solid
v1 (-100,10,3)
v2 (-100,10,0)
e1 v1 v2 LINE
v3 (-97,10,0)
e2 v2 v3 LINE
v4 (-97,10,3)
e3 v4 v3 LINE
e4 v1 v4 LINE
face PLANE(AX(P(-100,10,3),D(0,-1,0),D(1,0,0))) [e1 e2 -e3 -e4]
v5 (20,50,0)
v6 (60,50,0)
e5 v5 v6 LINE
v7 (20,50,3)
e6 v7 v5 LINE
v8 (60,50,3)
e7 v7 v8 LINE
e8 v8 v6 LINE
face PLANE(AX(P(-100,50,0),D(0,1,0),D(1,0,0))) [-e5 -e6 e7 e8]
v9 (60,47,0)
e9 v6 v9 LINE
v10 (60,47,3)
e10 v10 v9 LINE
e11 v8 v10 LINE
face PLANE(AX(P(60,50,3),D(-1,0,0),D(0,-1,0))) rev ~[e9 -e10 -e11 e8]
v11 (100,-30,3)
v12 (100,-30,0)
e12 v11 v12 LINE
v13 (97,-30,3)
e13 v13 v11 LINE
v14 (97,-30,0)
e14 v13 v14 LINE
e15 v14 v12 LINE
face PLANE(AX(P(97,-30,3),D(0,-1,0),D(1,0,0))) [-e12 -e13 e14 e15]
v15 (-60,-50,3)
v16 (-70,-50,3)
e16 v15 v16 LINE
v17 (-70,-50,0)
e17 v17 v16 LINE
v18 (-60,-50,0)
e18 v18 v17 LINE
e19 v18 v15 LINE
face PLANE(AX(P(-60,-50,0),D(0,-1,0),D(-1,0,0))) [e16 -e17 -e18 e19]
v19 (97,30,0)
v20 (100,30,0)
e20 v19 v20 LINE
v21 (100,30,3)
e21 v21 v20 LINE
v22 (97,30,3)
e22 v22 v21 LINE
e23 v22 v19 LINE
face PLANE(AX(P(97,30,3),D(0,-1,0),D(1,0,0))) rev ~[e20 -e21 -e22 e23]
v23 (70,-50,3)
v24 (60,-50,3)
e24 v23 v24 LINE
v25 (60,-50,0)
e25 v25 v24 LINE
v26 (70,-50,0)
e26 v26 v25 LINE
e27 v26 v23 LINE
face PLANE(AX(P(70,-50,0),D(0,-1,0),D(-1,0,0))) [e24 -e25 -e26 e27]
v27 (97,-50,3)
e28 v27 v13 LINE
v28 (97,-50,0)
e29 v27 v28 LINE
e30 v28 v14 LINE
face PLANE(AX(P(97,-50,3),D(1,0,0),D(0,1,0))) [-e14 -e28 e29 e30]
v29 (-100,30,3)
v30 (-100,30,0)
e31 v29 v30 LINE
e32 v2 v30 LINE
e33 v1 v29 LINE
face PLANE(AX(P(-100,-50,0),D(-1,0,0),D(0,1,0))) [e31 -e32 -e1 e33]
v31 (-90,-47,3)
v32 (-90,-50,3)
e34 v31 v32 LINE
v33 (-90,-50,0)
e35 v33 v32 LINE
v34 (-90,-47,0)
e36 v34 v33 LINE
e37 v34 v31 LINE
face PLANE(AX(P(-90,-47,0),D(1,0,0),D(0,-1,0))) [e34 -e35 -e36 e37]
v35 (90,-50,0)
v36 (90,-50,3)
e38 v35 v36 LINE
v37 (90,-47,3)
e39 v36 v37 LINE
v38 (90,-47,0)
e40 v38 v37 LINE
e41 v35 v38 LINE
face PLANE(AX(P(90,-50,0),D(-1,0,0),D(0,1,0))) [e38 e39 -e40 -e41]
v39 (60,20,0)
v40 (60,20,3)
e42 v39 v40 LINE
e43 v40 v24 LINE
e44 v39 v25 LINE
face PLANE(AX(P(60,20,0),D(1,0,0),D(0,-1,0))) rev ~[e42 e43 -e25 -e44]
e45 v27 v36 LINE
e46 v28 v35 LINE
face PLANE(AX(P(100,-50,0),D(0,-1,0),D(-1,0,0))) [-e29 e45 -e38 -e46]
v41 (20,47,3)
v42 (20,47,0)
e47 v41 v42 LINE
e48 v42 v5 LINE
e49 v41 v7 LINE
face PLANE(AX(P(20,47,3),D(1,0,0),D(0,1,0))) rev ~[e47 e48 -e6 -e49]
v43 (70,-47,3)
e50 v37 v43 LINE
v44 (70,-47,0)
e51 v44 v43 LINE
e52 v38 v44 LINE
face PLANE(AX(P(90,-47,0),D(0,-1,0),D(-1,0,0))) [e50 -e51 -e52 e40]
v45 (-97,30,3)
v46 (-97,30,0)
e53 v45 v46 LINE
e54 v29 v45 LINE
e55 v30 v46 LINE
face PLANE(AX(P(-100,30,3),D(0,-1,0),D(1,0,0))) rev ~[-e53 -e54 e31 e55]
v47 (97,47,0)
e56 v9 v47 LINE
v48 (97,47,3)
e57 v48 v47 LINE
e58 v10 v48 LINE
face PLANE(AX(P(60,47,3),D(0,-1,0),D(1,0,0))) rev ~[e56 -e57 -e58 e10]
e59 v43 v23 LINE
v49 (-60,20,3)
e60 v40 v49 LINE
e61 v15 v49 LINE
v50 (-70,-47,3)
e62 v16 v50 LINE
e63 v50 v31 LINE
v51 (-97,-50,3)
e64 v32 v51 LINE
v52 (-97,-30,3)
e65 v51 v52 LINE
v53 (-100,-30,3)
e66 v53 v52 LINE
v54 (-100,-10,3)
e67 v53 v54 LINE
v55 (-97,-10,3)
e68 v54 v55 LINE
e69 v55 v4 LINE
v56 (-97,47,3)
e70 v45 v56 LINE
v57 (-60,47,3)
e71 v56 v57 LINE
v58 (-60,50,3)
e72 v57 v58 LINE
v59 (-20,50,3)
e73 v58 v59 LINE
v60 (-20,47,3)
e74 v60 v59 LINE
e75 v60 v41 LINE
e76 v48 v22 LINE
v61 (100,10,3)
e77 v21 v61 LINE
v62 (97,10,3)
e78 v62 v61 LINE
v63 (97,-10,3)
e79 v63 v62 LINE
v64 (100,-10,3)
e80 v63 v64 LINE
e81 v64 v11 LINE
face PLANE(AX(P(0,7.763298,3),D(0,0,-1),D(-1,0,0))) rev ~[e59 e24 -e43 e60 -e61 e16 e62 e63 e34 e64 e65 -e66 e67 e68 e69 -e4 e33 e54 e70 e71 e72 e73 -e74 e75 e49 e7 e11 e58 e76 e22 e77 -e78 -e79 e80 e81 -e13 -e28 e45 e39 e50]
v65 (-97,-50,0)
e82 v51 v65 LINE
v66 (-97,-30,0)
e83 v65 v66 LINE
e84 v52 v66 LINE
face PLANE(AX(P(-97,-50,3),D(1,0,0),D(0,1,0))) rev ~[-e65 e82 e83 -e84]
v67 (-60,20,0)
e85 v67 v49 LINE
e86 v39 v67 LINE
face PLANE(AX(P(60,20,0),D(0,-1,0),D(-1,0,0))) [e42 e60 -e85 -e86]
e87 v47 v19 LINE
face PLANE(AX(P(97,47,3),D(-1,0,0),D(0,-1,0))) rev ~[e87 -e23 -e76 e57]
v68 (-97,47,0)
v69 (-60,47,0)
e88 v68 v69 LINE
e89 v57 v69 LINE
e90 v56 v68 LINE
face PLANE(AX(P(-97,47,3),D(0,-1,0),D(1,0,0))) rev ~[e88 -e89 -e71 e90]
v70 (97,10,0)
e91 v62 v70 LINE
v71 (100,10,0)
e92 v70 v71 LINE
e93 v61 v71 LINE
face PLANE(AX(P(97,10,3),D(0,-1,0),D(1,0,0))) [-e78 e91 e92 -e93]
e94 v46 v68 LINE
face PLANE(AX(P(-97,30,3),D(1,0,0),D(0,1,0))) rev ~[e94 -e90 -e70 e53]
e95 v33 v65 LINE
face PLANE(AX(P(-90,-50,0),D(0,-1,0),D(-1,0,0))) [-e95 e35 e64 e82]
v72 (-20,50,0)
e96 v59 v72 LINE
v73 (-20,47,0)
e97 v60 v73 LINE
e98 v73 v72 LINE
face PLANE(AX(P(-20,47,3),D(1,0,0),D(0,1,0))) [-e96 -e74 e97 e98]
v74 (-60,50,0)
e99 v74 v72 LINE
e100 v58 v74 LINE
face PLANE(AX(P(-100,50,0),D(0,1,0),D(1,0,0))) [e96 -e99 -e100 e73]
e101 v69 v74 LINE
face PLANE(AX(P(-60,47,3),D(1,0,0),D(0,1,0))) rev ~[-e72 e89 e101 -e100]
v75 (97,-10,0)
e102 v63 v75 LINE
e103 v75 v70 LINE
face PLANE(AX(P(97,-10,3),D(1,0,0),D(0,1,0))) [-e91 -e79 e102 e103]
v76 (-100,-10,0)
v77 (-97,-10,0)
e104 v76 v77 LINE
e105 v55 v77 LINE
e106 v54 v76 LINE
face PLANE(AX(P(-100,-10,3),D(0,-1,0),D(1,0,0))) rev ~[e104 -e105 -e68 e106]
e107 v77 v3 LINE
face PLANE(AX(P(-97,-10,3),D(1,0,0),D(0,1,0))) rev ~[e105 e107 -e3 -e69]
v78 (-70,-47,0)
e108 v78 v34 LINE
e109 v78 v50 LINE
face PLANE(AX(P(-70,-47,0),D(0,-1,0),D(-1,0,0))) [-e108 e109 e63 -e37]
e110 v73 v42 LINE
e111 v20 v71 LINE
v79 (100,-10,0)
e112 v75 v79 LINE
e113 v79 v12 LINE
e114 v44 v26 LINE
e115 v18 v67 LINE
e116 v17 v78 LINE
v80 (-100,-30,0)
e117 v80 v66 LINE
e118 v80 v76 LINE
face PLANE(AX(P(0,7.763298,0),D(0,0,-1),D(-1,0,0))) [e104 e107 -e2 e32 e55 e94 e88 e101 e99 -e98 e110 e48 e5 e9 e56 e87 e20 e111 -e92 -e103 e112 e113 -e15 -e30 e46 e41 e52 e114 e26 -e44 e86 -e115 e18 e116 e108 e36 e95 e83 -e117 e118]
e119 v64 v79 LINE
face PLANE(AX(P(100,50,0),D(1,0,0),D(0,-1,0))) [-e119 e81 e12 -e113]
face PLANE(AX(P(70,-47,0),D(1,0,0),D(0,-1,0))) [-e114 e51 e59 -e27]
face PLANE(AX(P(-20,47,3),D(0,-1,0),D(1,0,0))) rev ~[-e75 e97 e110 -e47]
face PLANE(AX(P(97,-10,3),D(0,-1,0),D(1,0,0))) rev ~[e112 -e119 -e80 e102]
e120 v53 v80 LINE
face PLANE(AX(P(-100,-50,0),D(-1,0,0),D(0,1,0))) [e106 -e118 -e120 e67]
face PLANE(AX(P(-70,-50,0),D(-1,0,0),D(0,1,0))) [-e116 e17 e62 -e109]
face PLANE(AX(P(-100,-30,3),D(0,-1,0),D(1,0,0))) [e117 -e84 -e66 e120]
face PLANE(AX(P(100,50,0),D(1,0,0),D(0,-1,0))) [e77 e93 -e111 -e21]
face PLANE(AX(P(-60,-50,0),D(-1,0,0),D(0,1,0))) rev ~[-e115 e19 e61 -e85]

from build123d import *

# Parameters (mm, degrees)
BOSS_EXTRUDE1_DEPTH = 3
SKETCH2_W           = 3
SKETCH2_H           = 20
SKETCH2_W_2         = 40
SKETCH2_H_2         = 3
CUT_EXTRUDE2_DEPTH  = 3


with BuildPart() as part:
    # Sketch1 → Boss-Extrude1 (new body)
    with BuildSketch(Plane.XY):
        Polygon((-60, 5.09773753), (-60, -50), (-70, -50), (-70, -47), (-90, -47), (-90, -50), (-100, -50), (-100, 50), (100, 50), (100, -50), (90, -50), (90, -47), (70, -47), (70, -50), (60, -50), (60, -40.178411678), (60, 20), (-60, 20), align=None)
    extrude(amount=BOSS_EXTRUDE1_DEPTH)

    # Sketch2 → Cut-Extrude2 (cut)
    with BuildSketch(Plane.XY.offset(3)):
        Polygon((-100, 47), (-100, 30), (-97, 30), (-97, 47), (-60, 47), (-60, 50), (-100, 50), align=None)
        with Locations((-98.5, 0)):
            Rectangle(SKETCH2_W, SKETCH2_H)
        with Locations((-98.5, -40)):
            Rectangle(SKETCH2_W, SKETCH2_H)
        with Locations((0, 48.5)):
            Rectangle(SKETCH2_W_2, SKETCH2_H_2)
        Polygon((100, 50), (60, 50), (60, 47), (97, 47), (97, 30), (100, 30), (100, 47), align=None)
        with Locations((98.5, 0)):
            Rectangle(SKETCH2_W, SKETCH2_H)
        with Locations((98.5, -40)):
            Rectangle(SKETCH2_W, SKETCH2_H)
    extrude(amount=-CUT_EXTRUDE2_DEPTH, mode=Mode.SUBTRACT)


solid = part.part
